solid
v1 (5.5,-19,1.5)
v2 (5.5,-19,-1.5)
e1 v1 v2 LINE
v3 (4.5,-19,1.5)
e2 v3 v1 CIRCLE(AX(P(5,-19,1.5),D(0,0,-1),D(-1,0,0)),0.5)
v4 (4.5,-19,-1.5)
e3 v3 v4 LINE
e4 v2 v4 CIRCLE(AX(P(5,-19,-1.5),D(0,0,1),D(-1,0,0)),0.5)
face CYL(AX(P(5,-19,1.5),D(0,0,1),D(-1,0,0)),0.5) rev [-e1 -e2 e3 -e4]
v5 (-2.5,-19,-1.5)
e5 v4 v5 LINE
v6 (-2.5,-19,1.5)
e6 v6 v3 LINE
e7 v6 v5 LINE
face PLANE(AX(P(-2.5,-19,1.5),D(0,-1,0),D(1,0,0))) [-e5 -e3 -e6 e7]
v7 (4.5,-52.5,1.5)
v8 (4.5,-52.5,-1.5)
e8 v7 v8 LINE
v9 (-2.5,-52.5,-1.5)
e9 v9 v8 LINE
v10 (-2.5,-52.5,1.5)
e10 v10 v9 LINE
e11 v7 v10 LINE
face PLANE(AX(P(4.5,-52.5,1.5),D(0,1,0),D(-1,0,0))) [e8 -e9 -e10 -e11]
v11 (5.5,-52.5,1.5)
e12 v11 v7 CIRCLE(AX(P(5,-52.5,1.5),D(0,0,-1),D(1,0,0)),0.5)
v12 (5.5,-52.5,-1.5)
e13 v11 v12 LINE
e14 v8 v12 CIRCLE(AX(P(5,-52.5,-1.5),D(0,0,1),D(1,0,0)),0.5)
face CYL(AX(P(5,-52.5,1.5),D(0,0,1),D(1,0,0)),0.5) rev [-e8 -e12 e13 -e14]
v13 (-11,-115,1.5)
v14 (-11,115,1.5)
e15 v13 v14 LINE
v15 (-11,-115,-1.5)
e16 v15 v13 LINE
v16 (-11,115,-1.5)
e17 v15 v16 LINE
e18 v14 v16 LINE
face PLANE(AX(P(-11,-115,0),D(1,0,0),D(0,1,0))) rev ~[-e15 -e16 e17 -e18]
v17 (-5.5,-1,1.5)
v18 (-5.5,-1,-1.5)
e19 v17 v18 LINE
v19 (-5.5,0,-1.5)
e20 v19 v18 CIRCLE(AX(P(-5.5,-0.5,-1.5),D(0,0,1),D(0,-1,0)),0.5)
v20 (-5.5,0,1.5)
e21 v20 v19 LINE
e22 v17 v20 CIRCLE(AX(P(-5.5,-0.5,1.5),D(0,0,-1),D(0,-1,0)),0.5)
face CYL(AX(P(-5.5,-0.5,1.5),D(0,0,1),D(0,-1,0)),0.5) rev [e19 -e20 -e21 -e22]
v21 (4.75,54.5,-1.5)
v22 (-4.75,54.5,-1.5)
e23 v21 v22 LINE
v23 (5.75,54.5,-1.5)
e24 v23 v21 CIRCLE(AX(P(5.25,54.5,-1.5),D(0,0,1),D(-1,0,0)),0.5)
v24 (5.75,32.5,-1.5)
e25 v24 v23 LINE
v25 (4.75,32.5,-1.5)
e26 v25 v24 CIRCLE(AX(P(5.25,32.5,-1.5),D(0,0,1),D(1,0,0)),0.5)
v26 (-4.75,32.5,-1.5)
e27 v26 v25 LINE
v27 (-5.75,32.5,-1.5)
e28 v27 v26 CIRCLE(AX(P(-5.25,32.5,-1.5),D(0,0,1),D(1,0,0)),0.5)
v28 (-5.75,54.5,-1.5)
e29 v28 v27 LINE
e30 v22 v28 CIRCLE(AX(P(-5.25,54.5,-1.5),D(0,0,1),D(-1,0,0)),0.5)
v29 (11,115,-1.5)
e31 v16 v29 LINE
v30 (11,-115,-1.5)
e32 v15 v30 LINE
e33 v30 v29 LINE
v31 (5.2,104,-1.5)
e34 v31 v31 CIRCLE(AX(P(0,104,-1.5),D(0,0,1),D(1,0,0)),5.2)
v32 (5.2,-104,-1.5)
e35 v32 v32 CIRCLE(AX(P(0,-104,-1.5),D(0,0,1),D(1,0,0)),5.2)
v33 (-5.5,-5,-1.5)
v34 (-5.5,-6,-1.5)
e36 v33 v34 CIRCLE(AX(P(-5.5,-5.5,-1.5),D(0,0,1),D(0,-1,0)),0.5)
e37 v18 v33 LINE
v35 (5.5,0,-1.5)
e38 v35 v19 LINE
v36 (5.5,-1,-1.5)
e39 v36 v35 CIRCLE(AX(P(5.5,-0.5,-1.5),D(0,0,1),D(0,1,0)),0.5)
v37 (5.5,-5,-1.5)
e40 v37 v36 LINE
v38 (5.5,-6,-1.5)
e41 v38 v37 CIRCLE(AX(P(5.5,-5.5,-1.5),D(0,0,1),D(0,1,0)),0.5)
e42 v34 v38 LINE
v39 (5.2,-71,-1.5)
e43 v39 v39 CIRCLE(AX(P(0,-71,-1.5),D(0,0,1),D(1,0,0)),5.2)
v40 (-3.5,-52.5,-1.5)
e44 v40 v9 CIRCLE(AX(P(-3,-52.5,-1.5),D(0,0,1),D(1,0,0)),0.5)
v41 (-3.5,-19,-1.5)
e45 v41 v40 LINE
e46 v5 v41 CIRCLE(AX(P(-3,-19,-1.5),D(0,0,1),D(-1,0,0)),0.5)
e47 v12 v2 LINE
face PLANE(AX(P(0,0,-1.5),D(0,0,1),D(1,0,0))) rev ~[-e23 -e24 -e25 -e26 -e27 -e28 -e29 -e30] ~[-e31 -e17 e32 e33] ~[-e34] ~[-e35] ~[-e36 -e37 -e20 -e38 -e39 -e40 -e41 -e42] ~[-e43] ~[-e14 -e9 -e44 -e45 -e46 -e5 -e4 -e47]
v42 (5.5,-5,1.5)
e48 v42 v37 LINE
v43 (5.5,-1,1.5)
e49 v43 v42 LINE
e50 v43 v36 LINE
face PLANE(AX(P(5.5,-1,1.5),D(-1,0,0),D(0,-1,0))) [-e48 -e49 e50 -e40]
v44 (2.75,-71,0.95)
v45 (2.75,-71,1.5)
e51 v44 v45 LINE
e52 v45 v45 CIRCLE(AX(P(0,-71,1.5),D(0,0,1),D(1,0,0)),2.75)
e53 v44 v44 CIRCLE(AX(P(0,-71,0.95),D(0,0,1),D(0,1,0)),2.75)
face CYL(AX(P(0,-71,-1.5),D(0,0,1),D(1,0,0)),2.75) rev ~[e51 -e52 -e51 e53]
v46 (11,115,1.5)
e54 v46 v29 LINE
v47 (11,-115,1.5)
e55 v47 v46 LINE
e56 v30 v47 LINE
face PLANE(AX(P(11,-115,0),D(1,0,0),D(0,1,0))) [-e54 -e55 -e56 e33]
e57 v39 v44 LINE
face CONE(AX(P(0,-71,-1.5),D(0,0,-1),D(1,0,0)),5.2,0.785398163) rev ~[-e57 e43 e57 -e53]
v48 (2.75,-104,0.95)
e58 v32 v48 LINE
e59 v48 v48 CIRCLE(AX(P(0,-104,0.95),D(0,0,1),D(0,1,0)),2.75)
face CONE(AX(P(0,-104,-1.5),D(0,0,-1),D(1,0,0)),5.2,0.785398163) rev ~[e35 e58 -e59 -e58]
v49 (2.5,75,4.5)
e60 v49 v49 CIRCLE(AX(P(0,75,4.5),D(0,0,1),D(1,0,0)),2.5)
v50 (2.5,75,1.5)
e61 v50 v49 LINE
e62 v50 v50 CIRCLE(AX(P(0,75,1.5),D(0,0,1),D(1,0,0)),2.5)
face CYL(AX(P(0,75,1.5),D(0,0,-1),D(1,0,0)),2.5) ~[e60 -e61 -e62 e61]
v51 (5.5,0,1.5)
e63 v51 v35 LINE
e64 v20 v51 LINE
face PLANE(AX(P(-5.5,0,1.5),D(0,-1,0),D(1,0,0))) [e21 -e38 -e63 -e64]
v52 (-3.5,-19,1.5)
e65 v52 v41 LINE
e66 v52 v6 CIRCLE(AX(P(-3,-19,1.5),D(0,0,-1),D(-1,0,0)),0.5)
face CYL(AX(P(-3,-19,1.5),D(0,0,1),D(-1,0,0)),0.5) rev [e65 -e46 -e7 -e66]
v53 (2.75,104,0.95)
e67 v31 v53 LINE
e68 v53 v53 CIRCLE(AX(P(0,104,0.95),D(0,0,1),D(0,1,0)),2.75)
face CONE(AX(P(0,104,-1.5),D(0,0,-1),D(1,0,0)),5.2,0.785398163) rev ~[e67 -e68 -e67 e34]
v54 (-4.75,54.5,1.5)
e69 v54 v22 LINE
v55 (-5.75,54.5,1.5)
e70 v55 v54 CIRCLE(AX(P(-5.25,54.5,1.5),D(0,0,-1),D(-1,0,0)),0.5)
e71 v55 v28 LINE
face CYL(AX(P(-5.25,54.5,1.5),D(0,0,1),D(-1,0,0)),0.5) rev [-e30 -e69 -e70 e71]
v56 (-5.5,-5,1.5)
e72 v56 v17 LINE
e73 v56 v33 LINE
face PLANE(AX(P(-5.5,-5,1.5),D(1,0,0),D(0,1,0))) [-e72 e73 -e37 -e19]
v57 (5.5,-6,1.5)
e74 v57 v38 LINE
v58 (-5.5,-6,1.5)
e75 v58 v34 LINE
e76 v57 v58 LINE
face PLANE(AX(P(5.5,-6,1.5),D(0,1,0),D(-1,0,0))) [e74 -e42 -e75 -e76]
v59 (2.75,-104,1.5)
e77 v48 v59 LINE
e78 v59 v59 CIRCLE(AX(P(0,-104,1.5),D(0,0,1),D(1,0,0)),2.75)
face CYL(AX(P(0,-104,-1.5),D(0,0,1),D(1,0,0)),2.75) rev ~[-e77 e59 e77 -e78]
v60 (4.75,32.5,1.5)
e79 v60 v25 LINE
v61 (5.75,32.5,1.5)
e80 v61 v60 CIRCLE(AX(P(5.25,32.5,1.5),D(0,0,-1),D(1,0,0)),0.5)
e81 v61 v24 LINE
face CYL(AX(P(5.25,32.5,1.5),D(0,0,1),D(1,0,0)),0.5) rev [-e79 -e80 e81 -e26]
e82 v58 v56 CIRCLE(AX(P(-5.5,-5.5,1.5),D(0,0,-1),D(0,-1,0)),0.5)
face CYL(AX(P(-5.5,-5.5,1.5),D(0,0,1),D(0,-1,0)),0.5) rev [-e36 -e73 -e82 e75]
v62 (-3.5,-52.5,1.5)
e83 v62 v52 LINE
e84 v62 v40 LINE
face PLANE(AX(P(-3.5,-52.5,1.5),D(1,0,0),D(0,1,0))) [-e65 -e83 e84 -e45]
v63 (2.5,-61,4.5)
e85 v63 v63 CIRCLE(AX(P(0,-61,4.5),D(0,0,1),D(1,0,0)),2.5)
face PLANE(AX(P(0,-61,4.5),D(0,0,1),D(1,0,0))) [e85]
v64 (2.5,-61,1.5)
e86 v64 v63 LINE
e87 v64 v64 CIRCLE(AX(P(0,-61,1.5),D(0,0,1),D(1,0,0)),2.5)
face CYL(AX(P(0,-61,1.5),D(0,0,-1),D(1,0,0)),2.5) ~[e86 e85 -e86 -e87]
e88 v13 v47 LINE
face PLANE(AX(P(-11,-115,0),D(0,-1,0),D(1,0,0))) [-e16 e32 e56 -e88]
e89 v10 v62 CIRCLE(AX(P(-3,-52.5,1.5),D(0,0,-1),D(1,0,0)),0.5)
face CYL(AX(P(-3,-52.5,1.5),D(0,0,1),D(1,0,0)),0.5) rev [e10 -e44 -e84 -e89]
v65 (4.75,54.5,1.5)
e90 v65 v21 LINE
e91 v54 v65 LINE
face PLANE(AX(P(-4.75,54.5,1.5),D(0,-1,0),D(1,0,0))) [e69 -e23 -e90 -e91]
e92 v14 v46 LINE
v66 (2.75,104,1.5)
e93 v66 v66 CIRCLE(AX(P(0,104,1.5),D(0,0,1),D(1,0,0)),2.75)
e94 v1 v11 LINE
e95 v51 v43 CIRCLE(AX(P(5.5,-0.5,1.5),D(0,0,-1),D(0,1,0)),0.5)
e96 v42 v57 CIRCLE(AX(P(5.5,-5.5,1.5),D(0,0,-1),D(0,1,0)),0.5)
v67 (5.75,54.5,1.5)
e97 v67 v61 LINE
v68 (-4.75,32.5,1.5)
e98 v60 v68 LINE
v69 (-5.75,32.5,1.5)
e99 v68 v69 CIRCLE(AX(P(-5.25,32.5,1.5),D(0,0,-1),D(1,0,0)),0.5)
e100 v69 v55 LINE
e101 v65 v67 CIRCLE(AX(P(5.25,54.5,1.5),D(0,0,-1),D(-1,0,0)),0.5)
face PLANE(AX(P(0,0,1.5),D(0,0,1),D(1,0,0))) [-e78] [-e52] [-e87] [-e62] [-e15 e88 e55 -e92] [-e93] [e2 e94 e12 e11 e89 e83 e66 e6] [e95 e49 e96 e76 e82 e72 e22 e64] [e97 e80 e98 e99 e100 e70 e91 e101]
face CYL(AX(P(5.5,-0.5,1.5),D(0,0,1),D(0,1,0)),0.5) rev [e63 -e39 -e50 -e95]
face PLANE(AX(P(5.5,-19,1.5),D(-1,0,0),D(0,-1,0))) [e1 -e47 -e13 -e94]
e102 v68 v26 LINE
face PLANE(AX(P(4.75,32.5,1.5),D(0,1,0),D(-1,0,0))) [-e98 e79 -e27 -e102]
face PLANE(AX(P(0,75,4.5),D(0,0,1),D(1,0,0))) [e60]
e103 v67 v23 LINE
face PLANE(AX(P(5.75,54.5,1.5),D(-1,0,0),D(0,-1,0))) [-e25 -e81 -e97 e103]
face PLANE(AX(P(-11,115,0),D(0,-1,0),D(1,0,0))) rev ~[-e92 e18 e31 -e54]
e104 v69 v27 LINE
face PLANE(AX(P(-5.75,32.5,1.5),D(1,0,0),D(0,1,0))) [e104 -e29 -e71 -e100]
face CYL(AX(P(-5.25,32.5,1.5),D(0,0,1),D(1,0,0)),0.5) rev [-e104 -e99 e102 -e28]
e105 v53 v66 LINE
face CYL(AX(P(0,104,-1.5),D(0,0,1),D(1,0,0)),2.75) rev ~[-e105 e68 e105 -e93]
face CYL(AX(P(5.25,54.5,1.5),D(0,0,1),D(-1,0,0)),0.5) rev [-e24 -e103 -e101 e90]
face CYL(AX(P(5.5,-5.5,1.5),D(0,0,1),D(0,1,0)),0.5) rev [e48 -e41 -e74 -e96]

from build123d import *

# Parameters (mm, degrees)
ESQUISSE1_W                                    = 22
ESQUISSE1_H                                    = 230
EXTRUSION1_DEPTH                               = 1.5
DIAM_TRE_DU_PER_AGE_0_3_0_3_1_D                = 0.3
DIAM_TRE_DU_PER_AGE_0_3_0_3_1_DEPTH            = 3
DIAM_TRE_DU_PER_AGE_0_3_0_3_1_TIP              = 0.090129093
ENL_V_MAT_EXTRU_1_REACH                        = 5
ENL_V_MAT_EXTRU_2_REACH                        = 5
ENL_V_MAT_EXTRU_3_REACH                        = 5
ESQUISSE10_R                                   = 2.5
EXTRUSION2_DEPTH                               = 3
FRAISAGE_POUR_VIS_T_TE_FRAIS_E_M52_D           = 5.5
FRAISAGE_POUR_VIS_T_TE_FRAIS_E_M52_CSINK_D     = 10.4
FRAISAGE_POUR_VIS_T_TE_FRAIS_E_M52_CSINK_ANGLE = 90


with BuildPart() as part:
    # Esquisse1 → Extrusion1 (new body, symmetric)
    with BuildSketch(Plane.XY):
        Rectangle(ESQUISSE1_W, ESQUISSE1_H)
    extrude(amount=EXTRUSION1_DEPTH, both=True)

    # Diamètre du perçage Ø0.3 (0.3)1
    with Locations(Plane.XY.offset(1.5)):
        with Locations((0, 104), (0, -71), (0, -104)):
            Hole(DIAM_TRE_DU_PER_AGE_0_3_0_3_1_D / 2, depth=DIAM_TRE_DU_PER_AGE_0_3_0_3_1_DEPTH)
            with Locations((0, 0, -(DIAM_TRE_DU_PER_AGE_0_3_0_3_1_DEPTH + DIAM_TRE_DU_PER_AGE_0_3_0_3_1_TIP / 2))):  # 118° drill point
                Cone(0, DIAM_TRE_DU_PER_AGE_0_3_0_3_1_D / 2, DIAM_TRE_DU_PER_AGE_0_3_0_3_1_TIP, mode=Mode.SUBTRACT)

    # Esquisse7 → Enlèv. mat.-Extru.1 (cut, up to next)
    with BuildSketch(Plane.XY.offset(1.5), mode=Mode.PRIVATE) as enl_v_mat_extru_1_sk1:
        with BuildLine():
            Line((-4.75, 54.5), (4.75, 54.5))
            ThreePointArc((4.75, 54.5), (5.25, 55), (5.75, 54.5))
            Line((5.75, 54.5), (5.75, 32.5))
            ThreePointArc((5.75, 32.5), (5.25, 32), (4.75, 32.5))
            Line((4.75, 32.5), (-4.75, 32.5))
            ThreePointArc((-4.75, 32.5), (-5.25, 32), (-5.75, 32.5))
            Line((-5.75, 32.5), (-5.75, 54.5))
            ThreePointArc((-5.75, 54.5), (-5.25, 55), (-4.75, 54.5))
        make_face()
    enl_v_mat_extru_1_tool1 = extrude(enl_v_mat_extru_1_sk1.sketch, amount=-ENL_V_MAT_EXTRU_1_REACH, mode=Mode.PRIVATE) & part.part
    add(enl_v_mat_extru_1_tool1.solids().sort_by_distance((0, 43.5, 1.5))[0], mode=Mode.SUBTRACT)

    # Esquisse8 → Enlèv. mat.-Extru.2 (cut, up to next)
    with BuildSketch(Plane.XY.offset(1.5), mode=Mode.PRIVATE) as enl_v_mat_extru_2_sk1:
        with BuildLine():
            Line((-5.5, 0), (5.5, 0))
            ThreePointArc((5.5, 0), (6, -0.5), (5.5, -1))
            Line((5.5, -1), (5.5, -5))
            ThreePointArc((5.5, -5), (6, -5.5), (5.5, -6))
            Line((5.5, -6), (-5.5, -6))
            ThreePointArc((-5.5, -6), (-6, -5.5), (-5.5, -5))
            Line((-5.5, -5), (-5.5, -1))
            ThreePointArc((-5.5, -1), (-6, -0.5), (-5.5, 0))
        make_face()
    enl_v_mat_extru_2_tool1 = extrude(enl_v_mat_extru_2_sk1.sketch, amount=-ENL_V_MAT_EXTRU_2_REACH, mode=Mode.PRIVATE) & part.part
    add(enl_v_mat_extru_2_tool1.solids().sort_by_distance((0, -3, 1.5))[0], mode=Mode.SUBTRACT)

    # Esquisse9 → Enlèv. mat.-Extru.3 (cut, up to next)
    with BuildSketch(Plane.XY.offset(1.5), mode=Mode.PRIVATE) as enl_v_mat_extru_3_sk1:
        with BuildLine():
            Line((-2.5, -19), (4.5, -19))
            ThreePointArc((4.5, -19), (5, -18.5), (5.5, -19))
            Line((5.5, -19), (5.5, -52.5))
            ThreePointArc((5.5, -52.5), (5, -53), (4.5, -52.5))
            Line((4.5, -52.5), (-2.5, -52.5))
            ThreePointArc((-2.5, -52.5), (-3, -53), (-3.5, -52.5))
            Line((-3.5, -52.5), (-3.5, -19))
            ThreePointArc((-3.5, -19), (-3, -18.5), (-2.5, -19))
        make_face()
    enl_v_mat_extru_3_tool1 = extrude(enl_v_mat_extru_3_sk1.sketch, amount=-ENL_V_MAT_EXTRU_3_REACH, mode=Mode.PRIVATE) & part.part
    add(enl_v_mat_extru_3_tool1.solids().sort_by_distance((1, -35.75, 1.5))[0], mode=Mode.SUBTRACT)

    # Esquisse10 → Extrusion2 (add)
    with BuildSketch(Plane.XY.offset(1.5)):
        with Locations((0, 75)):
            Circle(ESQUISSE10_R)
        with Locations((0, -61)):
            Circle(ESQUISSE10_R)
    extrude(amount=EXTRUSION2_DEPTH)

    # Fraisage pour vis à tête fraisée M52 (through all)
    with Locations(Plane(origin=(0, -71, -1.5), x_dir=(-1, 0, 0), z_dir=(0, 0, -1))):
        with Locations((0, 0), (0, -33), (0, 175)):
            CounterSinkHole(FRAISAGE_POUR_VIS_T_TE_FRAIS_E_M52_D / 2, FRAISAGE_POUR_VIS_T_TE_FRAIS_E_M52_CSINK_D / 2, counter_sink_angle=FRAISAGE_POUR_VIS_T_TE_FRAIS_E_M52_CSINK_ANGLE)


solid = part.part
